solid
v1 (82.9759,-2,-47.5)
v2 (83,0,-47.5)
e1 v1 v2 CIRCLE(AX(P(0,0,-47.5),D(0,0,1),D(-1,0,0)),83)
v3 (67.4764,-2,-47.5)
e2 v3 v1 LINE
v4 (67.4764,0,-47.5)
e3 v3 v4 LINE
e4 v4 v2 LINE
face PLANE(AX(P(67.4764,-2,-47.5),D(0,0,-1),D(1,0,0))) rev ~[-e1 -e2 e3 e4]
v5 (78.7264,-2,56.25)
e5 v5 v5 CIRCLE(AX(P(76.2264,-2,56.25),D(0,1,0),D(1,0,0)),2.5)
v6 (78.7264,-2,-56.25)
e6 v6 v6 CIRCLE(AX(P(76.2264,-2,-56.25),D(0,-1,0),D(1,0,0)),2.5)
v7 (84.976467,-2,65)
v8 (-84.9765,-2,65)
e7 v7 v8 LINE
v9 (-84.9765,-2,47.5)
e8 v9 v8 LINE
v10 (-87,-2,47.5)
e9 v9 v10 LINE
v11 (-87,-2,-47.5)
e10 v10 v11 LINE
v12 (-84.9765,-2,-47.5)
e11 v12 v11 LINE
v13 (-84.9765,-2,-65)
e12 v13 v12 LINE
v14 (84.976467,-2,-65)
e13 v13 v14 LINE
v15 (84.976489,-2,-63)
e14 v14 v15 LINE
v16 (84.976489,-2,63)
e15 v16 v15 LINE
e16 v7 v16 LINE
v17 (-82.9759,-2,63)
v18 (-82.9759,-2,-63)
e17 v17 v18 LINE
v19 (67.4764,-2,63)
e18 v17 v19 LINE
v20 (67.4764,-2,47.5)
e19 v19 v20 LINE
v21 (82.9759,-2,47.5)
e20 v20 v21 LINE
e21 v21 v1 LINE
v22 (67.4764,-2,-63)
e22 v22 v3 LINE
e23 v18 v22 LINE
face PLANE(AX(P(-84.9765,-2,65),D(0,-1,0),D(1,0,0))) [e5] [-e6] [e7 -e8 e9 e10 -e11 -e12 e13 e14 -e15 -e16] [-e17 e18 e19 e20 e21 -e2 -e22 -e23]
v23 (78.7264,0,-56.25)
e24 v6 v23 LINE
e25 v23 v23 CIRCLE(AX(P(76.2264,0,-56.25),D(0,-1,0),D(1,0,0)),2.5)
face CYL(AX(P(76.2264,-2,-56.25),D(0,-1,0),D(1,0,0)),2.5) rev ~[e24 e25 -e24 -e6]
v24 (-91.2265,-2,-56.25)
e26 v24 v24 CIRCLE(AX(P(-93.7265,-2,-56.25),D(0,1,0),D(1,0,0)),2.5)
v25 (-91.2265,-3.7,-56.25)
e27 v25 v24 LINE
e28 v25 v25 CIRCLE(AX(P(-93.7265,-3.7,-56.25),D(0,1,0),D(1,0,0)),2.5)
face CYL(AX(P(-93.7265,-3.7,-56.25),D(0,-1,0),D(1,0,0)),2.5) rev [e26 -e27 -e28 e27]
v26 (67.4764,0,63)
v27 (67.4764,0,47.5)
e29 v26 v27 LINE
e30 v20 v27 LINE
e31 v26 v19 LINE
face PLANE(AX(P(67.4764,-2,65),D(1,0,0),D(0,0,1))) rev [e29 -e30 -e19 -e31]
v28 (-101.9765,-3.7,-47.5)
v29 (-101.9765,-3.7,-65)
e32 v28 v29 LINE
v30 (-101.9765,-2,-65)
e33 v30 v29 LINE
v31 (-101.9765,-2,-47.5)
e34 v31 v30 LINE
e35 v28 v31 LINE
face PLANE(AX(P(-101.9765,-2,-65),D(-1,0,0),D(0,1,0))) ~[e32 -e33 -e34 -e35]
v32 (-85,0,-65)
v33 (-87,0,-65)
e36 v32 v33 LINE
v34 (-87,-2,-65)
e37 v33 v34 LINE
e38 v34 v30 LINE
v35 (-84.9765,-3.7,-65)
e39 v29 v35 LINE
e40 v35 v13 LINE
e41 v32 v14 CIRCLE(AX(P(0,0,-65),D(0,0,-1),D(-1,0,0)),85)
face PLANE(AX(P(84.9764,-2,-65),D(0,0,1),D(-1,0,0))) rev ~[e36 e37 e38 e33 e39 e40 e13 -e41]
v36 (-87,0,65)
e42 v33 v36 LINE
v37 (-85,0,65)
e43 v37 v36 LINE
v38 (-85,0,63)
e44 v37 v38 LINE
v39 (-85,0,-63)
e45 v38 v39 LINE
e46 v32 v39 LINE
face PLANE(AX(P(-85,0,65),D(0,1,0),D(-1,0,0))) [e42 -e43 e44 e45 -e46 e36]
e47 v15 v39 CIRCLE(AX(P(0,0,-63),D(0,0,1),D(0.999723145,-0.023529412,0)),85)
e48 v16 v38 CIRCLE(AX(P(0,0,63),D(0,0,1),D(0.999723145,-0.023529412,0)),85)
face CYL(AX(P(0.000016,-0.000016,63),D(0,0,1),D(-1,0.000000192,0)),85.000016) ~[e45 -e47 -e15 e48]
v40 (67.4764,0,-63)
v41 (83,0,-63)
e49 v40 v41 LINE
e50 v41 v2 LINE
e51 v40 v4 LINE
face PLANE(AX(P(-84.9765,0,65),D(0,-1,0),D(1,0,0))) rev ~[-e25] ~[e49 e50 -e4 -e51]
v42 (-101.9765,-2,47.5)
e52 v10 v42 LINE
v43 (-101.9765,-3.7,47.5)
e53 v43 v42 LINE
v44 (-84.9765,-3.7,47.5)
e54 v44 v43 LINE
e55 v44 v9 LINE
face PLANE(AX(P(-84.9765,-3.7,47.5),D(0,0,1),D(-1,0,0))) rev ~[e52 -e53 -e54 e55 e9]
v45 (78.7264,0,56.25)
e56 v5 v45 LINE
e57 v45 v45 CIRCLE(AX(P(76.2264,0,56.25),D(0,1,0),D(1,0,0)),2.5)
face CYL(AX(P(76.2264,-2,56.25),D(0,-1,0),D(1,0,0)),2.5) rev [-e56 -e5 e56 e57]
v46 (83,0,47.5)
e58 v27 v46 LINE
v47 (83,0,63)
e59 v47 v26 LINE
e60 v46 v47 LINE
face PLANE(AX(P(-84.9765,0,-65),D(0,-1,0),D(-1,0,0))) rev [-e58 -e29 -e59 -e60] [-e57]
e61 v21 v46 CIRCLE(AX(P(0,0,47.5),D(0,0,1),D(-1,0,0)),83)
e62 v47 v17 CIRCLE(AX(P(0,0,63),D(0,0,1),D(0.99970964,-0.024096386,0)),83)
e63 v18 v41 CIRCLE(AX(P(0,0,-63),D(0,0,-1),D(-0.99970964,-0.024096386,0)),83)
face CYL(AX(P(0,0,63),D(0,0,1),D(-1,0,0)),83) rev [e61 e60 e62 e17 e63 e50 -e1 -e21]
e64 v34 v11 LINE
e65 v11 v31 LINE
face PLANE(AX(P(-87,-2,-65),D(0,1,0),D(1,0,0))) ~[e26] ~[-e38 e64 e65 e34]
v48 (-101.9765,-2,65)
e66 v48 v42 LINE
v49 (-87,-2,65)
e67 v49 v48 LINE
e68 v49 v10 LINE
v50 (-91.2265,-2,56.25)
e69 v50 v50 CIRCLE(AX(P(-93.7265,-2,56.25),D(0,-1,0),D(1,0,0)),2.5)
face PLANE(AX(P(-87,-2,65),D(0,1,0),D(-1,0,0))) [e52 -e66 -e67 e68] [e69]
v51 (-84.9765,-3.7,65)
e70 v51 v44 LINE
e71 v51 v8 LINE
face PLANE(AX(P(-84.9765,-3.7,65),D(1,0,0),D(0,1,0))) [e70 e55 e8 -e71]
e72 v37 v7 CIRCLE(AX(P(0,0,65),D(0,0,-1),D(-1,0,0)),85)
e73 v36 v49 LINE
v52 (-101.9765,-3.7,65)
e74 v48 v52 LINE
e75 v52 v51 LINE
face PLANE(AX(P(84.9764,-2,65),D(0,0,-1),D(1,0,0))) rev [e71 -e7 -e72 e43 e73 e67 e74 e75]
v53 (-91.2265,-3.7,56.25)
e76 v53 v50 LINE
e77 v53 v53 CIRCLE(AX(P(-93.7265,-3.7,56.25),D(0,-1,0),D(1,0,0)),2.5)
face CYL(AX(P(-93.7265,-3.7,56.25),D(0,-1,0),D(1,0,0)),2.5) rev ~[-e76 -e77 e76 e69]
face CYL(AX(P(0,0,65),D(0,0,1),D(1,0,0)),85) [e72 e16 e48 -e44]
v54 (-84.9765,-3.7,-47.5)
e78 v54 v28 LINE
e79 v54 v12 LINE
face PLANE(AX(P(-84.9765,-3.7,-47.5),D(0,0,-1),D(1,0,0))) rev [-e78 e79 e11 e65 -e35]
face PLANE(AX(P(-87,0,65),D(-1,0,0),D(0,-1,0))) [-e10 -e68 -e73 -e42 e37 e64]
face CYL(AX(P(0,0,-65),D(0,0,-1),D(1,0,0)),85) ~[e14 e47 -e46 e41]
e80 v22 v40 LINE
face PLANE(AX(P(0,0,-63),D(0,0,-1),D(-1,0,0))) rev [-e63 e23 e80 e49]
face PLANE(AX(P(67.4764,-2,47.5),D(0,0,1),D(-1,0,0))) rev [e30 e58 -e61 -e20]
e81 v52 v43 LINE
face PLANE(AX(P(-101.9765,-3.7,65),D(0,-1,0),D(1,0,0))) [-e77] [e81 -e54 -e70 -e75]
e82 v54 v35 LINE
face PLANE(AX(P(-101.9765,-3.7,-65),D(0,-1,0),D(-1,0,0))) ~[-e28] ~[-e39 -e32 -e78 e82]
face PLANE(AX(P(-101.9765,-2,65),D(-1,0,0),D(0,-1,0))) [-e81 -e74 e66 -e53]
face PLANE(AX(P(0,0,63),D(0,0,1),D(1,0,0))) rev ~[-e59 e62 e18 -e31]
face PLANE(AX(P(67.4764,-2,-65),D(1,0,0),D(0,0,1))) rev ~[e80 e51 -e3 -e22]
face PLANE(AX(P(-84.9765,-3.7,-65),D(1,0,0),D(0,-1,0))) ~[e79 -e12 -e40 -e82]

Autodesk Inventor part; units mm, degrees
ref_plane "YZ Plane" through (0, 0, 0) normal (1, 0, 0) x (0, 1, 0)
ref_plane "XZ Plane" through (0, 0, 0) normal (0, 1, 0) x (-1, 0, 0)
ref_plane "Work Plane1" through (0, 0, 65) normal (0, 0, 1) x (1, 0, 0)
sketch "Sketch1" plane through (0, 0, 65) normal (0, 0, 1) x (1, 0, 0)
  circle A0 centre (0, 0) radius 85
  line L0 (85, 0) -> (-85, 0)
  line L1 (85, 0) -> (-87, 0)
  line L2 (-87, 0) -> (-87, -2)
  line L3 (-87, -2) -> (85, -2)
  line L4 (85, -2) -> (85, 0)
  line L5 (-84.9765, -2) -> (-101.9765, -2)
  line L6 (-101.9765, -2) -> (-101.9765, -3.7)
  line L7 (-101.9765, -3.7) -> (-84.9765, -3.7)
  line L8 (-84.9765, -3.7) -> (-84.9765, -2)
  point P0 (-87, -1)
  point P1 (85, -1)
  point P2 (84.9765, -2)
  dimension "d1" = 170
  dimension "d2" = 2
  dimension "d3" = 0
  dimension "d4" = 172
  dimension "d5" = 17
  dimension "d6" = 1.7
extrude "Extrusion1" add sketch "Sketch1" against normal blind 2 contours L0 A0 | A0 L3 L0 | A0 L3 L2 L1 | L8 L7 L6 L5 L3
mirror "Mirror1" about plane through (0, 0, 0) normal (0, 0, 1) of "Extrusion1"
sketch "Sketch2" plane through (0, 0, 63) normal (0, 0, -1) x (-1, 0, 0)
  circle A0 centre (0, 0) radius 83
  arc A1 (85, 0) -> (-84.9765, -2) centre (0, 0) ccw projected
  line L0 (87, 0) -> (87, -2) projected
  line L1 (85, 0) -> (87, 0)
  line L2 (87, 0) -> (87, -2)
  line L3 (87, -2) -> (82.9759, -2)
  line L4 (84.9765, -2) -> (-84.9765, -2) projected
  line L5 (-82.9759, -2) -> (-84.9765, -2)
  circle A2 centre (0, 0) radius 85
  dimension "d9" = 2
  dimension "d10" = 170
extrude "Extrusion2" add sketch "Sketch2" along normal up to surface (126 mm away) contours A0 L4 A1 A2 L3 | A2 L1 L0 L3
sketch "Sketch3" plane through (-101.9765, -3.7, 65) normal (0, -1, 0) x (1, 0, 0)
  line L0 (0, 0) -> (17, 0) projected
  line L1 (0, 0) -> (17, 0)
  line L2 (17, 0) -> (17, -17.5)
  line L3 (17, -17.5) -> (0, -17.5)
  line L4 (0, -17.5) -> (0, 0)
  circle A0 centre (8.25, -8.75) radius 2.5
  point P0 (101.9765, -65)
  dimension "d13" = 17
  dimension "d14" = 17.5
  dimension "d15" = 5
  dimension "d16" = 8.75
  dimension "d17" = 8.75
extrude "Extrusion3" add sketch "Sketch3" against normal up to surface (1.7 mm away)
mirror "Mirror2" about plane through (0, 0, 0) normal (0, 0, 1) of "Extrusion3"
sketch "Sketch4" plane through (-84.9765, -2, 65) normal (0, -1, 0) x (1, 0, 0)
  line L0 (169.9529, 0) -> (169.9529, -130) projected
  line L1 (169.9529, -130) -> (152.4529, -130)
  line L2 (152.4529, -130) -> (152.4529, -112.5)
  line L3 (152.4529, -112.5) -> (169.9529, -112.5)
  line L4 (169.9529, -112.5) -> (169.9529, -130)
  circle A0 centre (161.2029, -121.25) radius 2.5
  point P0 (84.9765, -65)
  dimension "d20" = 17.5
  dimension "d21" = 17.5
  dimension "d22" = 5
  dimension "d23" = 8.75
  dimension "d24" = 8.75
extrude "Extrusion4" add sketch "Sketch4" against normal blind 2
mirror "Mirror3" about plane through (0, 0, 0) normal (0, 0, 1) of "Extrusion4"
properties part number "coupol"
